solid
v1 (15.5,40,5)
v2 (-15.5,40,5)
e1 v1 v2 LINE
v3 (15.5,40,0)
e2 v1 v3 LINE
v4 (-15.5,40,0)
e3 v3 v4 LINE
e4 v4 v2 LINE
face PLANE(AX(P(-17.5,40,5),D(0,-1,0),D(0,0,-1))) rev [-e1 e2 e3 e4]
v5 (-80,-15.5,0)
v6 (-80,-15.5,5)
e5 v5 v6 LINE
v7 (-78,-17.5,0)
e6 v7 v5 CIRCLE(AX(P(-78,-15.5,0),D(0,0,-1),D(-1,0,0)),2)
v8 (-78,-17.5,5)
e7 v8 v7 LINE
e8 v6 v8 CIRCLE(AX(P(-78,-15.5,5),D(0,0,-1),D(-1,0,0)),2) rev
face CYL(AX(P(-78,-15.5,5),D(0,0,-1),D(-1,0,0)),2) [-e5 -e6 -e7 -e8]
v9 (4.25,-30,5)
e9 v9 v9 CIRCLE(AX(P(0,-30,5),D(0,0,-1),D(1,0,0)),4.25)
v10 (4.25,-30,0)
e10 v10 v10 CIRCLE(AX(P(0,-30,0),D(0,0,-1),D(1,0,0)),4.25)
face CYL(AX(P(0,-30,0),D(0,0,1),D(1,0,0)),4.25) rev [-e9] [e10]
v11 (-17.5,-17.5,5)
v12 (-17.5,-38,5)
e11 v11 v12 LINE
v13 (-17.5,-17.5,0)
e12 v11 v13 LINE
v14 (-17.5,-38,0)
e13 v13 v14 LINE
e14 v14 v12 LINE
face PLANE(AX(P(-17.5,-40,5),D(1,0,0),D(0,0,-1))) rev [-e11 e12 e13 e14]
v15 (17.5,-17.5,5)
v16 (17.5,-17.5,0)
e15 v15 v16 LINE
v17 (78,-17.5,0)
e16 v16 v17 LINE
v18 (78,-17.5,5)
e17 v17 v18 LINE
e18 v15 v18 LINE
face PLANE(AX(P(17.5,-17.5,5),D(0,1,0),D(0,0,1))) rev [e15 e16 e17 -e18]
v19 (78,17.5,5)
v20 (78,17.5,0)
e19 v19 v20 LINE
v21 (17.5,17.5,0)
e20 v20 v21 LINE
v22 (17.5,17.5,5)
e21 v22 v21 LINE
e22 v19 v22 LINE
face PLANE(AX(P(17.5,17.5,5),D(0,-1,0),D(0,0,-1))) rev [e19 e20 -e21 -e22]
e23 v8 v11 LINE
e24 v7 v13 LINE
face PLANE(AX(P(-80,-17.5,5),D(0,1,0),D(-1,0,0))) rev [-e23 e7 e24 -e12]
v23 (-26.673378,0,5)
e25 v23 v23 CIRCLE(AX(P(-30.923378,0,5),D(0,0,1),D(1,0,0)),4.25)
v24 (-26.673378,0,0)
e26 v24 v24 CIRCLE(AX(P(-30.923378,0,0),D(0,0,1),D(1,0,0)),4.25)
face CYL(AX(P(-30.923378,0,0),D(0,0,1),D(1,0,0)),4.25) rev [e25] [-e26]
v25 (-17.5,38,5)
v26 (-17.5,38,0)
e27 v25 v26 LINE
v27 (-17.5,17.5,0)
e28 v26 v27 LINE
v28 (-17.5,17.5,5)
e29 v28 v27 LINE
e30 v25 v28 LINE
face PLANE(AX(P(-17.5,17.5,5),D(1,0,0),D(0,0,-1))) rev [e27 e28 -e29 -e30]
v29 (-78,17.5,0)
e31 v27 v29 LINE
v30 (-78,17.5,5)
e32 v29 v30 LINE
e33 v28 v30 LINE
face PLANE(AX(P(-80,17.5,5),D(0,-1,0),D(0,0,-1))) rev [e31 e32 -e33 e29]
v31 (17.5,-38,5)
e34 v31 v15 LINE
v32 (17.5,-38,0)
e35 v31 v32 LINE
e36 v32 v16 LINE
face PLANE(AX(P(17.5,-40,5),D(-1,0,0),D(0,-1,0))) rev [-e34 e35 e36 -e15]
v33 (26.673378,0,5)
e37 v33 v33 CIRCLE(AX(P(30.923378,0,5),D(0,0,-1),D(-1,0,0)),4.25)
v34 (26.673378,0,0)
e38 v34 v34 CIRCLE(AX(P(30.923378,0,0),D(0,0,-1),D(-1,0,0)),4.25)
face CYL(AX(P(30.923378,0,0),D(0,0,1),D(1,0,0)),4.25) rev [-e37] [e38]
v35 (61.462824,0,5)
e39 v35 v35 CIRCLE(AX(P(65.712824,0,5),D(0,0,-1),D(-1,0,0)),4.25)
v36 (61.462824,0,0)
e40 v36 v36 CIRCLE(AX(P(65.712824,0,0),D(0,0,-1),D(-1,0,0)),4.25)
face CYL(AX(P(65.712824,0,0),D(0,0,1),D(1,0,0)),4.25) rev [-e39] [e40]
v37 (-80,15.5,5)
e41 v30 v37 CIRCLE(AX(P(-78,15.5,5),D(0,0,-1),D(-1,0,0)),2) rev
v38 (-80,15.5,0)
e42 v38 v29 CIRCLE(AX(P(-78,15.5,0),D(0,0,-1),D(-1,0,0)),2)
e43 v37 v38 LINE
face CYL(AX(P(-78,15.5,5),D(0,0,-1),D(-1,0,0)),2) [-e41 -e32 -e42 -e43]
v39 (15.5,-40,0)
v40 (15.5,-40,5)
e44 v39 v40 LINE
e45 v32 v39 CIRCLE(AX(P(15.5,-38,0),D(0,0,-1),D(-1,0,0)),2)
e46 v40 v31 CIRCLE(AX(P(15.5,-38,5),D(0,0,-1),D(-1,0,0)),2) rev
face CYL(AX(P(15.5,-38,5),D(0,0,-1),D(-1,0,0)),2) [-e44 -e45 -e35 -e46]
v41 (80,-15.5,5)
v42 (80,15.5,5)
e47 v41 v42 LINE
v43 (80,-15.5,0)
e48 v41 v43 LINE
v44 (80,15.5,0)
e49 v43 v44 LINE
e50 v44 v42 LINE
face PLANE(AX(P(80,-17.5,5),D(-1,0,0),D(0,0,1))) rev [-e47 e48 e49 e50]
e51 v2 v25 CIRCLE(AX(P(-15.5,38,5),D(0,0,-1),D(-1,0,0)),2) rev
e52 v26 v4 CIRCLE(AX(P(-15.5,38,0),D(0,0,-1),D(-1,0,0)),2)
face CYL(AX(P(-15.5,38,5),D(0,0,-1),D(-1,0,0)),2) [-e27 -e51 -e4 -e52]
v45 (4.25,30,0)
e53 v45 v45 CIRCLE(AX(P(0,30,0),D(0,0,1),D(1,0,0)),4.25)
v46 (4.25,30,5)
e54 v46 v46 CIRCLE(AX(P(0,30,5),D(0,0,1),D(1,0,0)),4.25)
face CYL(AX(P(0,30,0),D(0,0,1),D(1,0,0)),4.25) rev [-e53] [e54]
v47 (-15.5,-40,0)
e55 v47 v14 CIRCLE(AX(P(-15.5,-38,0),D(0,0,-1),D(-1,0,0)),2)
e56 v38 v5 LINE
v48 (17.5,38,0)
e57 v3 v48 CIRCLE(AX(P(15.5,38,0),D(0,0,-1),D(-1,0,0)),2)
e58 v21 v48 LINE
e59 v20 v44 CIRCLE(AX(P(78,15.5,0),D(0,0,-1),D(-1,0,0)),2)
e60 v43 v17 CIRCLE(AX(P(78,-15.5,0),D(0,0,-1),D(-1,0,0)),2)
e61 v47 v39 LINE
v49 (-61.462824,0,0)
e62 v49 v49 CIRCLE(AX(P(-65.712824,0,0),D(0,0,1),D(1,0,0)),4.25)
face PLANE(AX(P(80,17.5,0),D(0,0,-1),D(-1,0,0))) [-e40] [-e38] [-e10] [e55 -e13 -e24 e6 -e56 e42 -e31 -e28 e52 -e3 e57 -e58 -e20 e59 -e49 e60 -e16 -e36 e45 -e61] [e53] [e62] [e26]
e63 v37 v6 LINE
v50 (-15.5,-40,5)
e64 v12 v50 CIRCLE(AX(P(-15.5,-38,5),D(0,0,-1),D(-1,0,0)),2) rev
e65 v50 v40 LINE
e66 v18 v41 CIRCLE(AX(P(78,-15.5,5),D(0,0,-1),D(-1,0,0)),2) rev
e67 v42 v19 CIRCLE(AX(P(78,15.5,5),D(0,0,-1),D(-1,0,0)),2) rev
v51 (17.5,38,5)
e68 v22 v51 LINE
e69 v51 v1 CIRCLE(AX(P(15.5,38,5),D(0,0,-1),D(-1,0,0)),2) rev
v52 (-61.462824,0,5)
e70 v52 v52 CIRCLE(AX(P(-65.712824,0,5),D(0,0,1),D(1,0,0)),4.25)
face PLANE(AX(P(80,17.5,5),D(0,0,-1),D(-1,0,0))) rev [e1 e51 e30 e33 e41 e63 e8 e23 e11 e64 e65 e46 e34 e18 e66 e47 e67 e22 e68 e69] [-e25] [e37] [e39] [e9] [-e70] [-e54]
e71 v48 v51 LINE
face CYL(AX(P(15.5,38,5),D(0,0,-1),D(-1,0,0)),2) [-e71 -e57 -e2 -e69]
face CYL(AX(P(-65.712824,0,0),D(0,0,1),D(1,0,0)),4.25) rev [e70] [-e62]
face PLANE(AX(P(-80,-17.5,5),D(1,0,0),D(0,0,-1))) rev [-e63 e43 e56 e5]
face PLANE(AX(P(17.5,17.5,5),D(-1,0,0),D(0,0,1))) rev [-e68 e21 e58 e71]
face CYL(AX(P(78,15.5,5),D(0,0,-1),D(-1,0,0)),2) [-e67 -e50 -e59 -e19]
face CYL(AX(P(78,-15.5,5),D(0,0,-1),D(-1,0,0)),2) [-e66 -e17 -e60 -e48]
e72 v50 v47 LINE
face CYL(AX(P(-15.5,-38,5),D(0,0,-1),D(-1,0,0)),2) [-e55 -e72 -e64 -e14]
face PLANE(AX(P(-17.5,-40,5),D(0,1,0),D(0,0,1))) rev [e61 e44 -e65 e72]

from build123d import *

# Parameters (mm, degrees)
EXTRUDE_1_DEPTH     = 5
FILLET_1_R          = 2
SKETCH_2_R          = 4.25
CUT_EXTRUDE_1_DEPTH = 90.582364336


with BuildPart() as part:
    # 草图1 → 凸台-拉伸1 (new body)
    with BuildSketch(Plane.XY):
        Polygon((17.5, 17.5), (80, 17.5), (80, -17.5), (17.5, -17.5), (17.5, -40), (-17.5, -40), (-17.5, -17.5), (-80, -17.5), (-80, 17.5), (-17.5, 17.5), (-17.5, 40), (17.5, 40), align=None)
    extrude(amount=EXTRUDE_1_DEPTH)

    # 圆角1
    fillet_1_edges = [part.edges().sort_by_distance(p)[0] for p in [
        (80, -17.5, 2.5),
        (17.5, -40, 2.5),
        (-17.5, -40, 2.5),
        (-80, -17.5, 2.5),
        (-80, 17.5, 2.5),
        (-17.5, 40, 2.5),
        (17.5, 40, 2.5),
        (80, 17.5, 2.5),
    ]]
    fillet(fillet_1_edges, radius=FILLET_1_R)

    # 草图2 → 切除-拉伸1 (cut, through all)
    with BuildSketch(Plane.XY.offset(5)):
        with Locations((0, 30)):
            Circle(SKETCH_2_R)
        with Locations((-65.712823547, 0)):
            Circle(SKETCH_2_R)
        with Locations((-30.923378323, 0)):
            Circle(SKETCH_2_R)
    cut_extrude_1 = extrude(amount=-CUT_EXTRUDE_1_DEPTH, mode=Mode.SUBTRACT)

    # 镜向1: 切除-拉伸1 across plane
    add(cut_extrude_1.mirror(Plane.ZX), mode=Mode.SUBTRACT)

    # 镜向2: 切除-拉伸1 across plane
    add(cut_extrude_1.mirror(Plane(origin=(0, 0, 0), x_dir=(0, 0, 1), z_dir=(1, 0, 0))), mode=Mode.SUBTRACT)


solid = part.part
